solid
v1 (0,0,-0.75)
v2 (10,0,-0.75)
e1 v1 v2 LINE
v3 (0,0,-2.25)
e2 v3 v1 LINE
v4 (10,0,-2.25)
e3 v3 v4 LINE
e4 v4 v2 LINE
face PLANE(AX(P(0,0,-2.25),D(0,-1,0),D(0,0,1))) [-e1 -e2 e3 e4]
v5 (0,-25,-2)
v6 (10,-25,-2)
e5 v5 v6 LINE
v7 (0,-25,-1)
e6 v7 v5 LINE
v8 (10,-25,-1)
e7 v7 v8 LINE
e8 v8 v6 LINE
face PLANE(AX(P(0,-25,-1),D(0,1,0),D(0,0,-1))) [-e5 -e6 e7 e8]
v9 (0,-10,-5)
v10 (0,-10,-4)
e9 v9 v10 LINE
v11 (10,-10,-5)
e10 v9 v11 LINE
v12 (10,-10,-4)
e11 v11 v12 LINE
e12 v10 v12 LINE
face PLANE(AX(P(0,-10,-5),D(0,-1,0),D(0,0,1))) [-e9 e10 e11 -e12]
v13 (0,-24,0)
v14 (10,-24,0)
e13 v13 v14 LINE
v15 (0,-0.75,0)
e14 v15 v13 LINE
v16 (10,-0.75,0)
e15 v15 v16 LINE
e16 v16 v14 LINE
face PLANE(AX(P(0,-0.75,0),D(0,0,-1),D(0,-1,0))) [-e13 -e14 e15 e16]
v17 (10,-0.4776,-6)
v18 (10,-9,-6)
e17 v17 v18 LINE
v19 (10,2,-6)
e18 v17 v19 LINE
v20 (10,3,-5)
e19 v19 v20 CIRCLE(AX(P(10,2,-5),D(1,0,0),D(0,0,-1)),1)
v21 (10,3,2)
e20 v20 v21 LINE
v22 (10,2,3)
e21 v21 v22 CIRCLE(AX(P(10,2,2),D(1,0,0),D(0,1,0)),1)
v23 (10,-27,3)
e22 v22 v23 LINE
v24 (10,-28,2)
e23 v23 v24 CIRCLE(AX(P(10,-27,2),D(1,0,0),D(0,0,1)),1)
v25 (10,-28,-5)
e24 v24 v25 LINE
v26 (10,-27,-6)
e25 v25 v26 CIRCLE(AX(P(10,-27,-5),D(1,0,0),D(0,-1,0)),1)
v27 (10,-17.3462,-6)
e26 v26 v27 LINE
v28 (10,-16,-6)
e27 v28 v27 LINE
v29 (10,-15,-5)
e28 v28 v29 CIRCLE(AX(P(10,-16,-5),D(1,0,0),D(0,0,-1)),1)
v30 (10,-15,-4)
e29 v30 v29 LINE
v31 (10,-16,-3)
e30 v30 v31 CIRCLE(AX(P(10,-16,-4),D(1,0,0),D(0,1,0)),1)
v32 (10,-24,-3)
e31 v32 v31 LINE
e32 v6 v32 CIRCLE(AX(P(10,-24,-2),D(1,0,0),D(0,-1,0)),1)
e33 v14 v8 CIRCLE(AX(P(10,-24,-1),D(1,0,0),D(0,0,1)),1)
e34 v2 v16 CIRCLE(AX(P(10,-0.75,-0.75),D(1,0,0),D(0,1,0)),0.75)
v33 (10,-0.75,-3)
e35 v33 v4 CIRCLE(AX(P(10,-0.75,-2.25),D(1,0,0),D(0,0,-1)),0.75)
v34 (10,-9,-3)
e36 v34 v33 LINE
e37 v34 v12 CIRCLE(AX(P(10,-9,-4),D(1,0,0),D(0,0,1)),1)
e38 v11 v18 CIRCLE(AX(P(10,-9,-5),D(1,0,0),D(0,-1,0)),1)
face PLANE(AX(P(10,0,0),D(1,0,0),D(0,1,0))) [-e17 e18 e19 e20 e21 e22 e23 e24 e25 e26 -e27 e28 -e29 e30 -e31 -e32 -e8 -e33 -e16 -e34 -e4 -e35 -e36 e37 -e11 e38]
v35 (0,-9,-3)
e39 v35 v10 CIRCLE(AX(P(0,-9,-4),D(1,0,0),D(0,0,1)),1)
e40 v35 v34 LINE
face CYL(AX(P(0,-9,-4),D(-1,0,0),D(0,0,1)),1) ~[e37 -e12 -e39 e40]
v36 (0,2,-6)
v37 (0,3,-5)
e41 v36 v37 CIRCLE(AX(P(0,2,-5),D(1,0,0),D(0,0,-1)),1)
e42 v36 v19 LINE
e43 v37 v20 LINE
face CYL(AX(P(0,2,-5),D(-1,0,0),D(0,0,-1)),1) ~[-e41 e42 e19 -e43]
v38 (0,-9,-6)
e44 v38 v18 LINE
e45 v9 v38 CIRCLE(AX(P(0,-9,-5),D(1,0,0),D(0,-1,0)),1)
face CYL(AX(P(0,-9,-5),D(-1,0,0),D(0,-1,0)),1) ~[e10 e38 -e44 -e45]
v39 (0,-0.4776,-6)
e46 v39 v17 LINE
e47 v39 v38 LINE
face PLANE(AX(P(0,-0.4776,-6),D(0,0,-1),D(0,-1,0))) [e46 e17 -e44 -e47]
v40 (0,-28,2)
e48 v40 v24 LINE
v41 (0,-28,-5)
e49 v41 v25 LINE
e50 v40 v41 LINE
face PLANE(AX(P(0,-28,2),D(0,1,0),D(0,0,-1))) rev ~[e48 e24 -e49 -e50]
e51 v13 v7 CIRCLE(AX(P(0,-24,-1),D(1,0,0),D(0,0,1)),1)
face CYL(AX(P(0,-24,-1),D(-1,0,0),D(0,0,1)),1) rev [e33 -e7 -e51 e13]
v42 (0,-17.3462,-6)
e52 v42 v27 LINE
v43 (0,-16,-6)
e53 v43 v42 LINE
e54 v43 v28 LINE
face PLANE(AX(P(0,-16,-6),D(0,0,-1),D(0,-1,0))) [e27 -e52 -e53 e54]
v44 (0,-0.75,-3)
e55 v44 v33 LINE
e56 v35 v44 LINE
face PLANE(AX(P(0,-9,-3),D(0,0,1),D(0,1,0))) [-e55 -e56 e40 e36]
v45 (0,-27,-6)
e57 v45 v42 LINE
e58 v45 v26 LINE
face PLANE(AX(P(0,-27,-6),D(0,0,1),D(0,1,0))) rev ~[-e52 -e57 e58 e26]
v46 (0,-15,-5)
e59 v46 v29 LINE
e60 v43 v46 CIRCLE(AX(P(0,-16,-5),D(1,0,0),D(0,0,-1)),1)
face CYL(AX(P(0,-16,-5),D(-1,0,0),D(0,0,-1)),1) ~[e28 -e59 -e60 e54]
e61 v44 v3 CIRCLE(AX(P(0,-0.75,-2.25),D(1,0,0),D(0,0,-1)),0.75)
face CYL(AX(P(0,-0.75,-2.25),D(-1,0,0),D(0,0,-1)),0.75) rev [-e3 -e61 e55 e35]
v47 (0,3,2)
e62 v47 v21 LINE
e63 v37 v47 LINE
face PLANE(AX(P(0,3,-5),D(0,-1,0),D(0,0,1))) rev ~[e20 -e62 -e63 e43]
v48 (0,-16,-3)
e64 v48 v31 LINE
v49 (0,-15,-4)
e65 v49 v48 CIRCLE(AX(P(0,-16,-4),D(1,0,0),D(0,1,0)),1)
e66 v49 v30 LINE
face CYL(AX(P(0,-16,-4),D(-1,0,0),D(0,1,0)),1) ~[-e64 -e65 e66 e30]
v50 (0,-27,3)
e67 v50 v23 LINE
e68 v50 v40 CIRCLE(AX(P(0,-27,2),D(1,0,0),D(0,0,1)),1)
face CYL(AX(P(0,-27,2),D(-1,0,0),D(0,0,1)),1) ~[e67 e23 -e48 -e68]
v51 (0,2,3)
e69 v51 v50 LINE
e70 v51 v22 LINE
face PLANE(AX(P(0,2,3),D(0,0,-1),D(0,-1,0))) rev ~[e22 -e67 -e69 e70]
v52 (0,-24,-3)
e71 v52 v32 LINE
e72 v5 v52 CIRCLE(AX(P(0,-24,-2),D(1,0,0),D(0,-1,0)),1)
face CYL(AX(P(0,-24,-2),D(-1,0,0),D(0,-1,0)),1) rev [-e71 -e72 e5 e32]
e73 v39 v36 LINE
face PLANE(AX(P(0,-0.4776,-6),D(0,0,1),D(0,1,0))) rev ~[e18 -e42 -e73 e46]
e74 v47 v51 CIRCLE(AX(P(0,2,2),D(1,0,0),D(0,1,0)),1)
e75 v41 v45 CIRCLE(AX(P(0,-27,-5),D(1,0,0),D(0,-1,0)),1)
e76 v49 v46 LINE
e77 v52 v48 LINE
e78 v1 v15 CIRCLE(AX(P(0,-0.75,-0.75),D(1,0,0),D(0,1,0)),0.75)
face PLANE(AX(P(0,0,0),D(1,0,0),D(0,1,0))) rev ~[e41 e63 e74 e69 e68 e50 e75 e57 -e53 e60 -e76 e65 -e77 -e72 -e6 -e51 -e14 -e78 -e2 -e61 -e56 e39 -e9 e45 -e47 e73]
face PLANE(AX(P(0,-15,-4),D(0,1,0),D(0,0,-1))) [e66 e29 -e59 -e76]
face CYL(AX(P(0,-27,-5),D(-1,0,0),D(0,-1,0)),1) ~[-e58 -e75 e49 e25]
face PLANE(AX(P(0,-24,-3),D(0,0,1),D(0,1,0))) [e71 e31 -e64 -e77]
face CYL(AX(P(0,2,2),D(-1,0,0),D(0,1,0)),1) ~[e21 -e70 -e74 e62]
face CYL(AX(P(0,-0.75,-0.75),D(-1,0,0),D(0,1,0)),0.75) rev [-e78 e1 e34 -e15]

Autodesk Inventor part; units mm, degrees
ref_plane "YZ Plane" through (0, 0, 0) normal (1, 0, 0) x (0, 1, 0)
ref_plane "XZ Plane" through (0, 0, 0) normal (0, 1, 0) x (-1, 0, 0)
ref_plane "XY Plane" through (0, 0, 0) normal (0, 0, 1) x (1, 0, 0)
sketch "Эскиз1" plane through (0, 0, 0) normal (1, 0, 0) x (0, 1, 0)
  line L0 (-0.75, 0) -> (-24, 0)
  line L1 (-25, -1) -> (-25, -2)
  line L2 (0, -2.25) -> (0, -0.75)
  line L3 (2, 3) -> (-27, 3)
  line L4 (-28, 2) -> (-28, -5)
  line L5 (3, -5) -> (3, 2)
  line L6 (-15, -4) -> (-15, -5)
  line L7 (-10, -5) -> (-10, -4)
  arc A0 (2, -6) -> (3, -5) centre (2, -5) ccw
  arc A1 (3, 2) -> (2, 3) centre (2, 2) ccw
  arc A2 (-27, 3) -> (-28, 2) centre (-27, 2) ccw
  arc A3 (-28, -5) -> (-27, -6) centre (-27, -5) ccw
  arc A4 (-25, -2) -> (-24, -3) centre (-24, -2) ccw
  arc A5 (-24, 0) -> (-25, -1) centre (-24, -1) ccw
  arc A6 (0, -0.75) -> (-0.75, 0) centre (-0.75, -0.75) ccw
  arc A7 (-0.75, -3) -> (0, -2.25) centre (-0.75, -2.25) ccw
  line L8 (-0.4776, -6) -> (-9, -6)
  line L9 (-16, -6) -> (-17.3462, -6)
  line L10 (-24, -3) -> (-16, -3)
  line L11 (-9, -3) -> (-0.75, -3)
  line L12 (-27, -6) -> (-16, -6)
  line L13 (-9, -6) -> (2, -6)
  arc A8 (-9, -3) -> (-10, -4) centre (-9, -4) ccw
  arc A9 (-10, -5) -> (-9, -6) centre (-9, -5) ccw
  arc A10 (-15, -4) -> (-16, -3) centre (-16, -4) ccw
  arc A11 (-16, -6) -> (-15, -5) centre (-16, -5) ccw
  line L14 (2, -5) -> (-27, 2) construction
  line L15 (2, 2) -> (-27, -5) construction
  line L16 (-10, -4) -> (3, -4) construction
  line L17 (-15, -4) -> (-28, -4) construction
  point P0 (0, 0)
  point P1 (-25, -3)
  point P2 (-25, 0)
  point P3 (0, -3)
  dimension "d1" = 3
  dimension "d4" = 3
  dimension "d5" = 3
  dimension "d6" = 3
  dimension "d7" = 5
  dimension "d8" = 1
  dimension "d9" = 0.75
  dimension "d10" = 13
  dimension "d11" = 1
  dimension "d12" = 1
  dimension "d15" = 3
  dimension "d16" = 25
extrude "Выдавливание1" add sketch "Эскиз1" along normal blind 10
properties part number "_3DПЕЧАТЬ"
